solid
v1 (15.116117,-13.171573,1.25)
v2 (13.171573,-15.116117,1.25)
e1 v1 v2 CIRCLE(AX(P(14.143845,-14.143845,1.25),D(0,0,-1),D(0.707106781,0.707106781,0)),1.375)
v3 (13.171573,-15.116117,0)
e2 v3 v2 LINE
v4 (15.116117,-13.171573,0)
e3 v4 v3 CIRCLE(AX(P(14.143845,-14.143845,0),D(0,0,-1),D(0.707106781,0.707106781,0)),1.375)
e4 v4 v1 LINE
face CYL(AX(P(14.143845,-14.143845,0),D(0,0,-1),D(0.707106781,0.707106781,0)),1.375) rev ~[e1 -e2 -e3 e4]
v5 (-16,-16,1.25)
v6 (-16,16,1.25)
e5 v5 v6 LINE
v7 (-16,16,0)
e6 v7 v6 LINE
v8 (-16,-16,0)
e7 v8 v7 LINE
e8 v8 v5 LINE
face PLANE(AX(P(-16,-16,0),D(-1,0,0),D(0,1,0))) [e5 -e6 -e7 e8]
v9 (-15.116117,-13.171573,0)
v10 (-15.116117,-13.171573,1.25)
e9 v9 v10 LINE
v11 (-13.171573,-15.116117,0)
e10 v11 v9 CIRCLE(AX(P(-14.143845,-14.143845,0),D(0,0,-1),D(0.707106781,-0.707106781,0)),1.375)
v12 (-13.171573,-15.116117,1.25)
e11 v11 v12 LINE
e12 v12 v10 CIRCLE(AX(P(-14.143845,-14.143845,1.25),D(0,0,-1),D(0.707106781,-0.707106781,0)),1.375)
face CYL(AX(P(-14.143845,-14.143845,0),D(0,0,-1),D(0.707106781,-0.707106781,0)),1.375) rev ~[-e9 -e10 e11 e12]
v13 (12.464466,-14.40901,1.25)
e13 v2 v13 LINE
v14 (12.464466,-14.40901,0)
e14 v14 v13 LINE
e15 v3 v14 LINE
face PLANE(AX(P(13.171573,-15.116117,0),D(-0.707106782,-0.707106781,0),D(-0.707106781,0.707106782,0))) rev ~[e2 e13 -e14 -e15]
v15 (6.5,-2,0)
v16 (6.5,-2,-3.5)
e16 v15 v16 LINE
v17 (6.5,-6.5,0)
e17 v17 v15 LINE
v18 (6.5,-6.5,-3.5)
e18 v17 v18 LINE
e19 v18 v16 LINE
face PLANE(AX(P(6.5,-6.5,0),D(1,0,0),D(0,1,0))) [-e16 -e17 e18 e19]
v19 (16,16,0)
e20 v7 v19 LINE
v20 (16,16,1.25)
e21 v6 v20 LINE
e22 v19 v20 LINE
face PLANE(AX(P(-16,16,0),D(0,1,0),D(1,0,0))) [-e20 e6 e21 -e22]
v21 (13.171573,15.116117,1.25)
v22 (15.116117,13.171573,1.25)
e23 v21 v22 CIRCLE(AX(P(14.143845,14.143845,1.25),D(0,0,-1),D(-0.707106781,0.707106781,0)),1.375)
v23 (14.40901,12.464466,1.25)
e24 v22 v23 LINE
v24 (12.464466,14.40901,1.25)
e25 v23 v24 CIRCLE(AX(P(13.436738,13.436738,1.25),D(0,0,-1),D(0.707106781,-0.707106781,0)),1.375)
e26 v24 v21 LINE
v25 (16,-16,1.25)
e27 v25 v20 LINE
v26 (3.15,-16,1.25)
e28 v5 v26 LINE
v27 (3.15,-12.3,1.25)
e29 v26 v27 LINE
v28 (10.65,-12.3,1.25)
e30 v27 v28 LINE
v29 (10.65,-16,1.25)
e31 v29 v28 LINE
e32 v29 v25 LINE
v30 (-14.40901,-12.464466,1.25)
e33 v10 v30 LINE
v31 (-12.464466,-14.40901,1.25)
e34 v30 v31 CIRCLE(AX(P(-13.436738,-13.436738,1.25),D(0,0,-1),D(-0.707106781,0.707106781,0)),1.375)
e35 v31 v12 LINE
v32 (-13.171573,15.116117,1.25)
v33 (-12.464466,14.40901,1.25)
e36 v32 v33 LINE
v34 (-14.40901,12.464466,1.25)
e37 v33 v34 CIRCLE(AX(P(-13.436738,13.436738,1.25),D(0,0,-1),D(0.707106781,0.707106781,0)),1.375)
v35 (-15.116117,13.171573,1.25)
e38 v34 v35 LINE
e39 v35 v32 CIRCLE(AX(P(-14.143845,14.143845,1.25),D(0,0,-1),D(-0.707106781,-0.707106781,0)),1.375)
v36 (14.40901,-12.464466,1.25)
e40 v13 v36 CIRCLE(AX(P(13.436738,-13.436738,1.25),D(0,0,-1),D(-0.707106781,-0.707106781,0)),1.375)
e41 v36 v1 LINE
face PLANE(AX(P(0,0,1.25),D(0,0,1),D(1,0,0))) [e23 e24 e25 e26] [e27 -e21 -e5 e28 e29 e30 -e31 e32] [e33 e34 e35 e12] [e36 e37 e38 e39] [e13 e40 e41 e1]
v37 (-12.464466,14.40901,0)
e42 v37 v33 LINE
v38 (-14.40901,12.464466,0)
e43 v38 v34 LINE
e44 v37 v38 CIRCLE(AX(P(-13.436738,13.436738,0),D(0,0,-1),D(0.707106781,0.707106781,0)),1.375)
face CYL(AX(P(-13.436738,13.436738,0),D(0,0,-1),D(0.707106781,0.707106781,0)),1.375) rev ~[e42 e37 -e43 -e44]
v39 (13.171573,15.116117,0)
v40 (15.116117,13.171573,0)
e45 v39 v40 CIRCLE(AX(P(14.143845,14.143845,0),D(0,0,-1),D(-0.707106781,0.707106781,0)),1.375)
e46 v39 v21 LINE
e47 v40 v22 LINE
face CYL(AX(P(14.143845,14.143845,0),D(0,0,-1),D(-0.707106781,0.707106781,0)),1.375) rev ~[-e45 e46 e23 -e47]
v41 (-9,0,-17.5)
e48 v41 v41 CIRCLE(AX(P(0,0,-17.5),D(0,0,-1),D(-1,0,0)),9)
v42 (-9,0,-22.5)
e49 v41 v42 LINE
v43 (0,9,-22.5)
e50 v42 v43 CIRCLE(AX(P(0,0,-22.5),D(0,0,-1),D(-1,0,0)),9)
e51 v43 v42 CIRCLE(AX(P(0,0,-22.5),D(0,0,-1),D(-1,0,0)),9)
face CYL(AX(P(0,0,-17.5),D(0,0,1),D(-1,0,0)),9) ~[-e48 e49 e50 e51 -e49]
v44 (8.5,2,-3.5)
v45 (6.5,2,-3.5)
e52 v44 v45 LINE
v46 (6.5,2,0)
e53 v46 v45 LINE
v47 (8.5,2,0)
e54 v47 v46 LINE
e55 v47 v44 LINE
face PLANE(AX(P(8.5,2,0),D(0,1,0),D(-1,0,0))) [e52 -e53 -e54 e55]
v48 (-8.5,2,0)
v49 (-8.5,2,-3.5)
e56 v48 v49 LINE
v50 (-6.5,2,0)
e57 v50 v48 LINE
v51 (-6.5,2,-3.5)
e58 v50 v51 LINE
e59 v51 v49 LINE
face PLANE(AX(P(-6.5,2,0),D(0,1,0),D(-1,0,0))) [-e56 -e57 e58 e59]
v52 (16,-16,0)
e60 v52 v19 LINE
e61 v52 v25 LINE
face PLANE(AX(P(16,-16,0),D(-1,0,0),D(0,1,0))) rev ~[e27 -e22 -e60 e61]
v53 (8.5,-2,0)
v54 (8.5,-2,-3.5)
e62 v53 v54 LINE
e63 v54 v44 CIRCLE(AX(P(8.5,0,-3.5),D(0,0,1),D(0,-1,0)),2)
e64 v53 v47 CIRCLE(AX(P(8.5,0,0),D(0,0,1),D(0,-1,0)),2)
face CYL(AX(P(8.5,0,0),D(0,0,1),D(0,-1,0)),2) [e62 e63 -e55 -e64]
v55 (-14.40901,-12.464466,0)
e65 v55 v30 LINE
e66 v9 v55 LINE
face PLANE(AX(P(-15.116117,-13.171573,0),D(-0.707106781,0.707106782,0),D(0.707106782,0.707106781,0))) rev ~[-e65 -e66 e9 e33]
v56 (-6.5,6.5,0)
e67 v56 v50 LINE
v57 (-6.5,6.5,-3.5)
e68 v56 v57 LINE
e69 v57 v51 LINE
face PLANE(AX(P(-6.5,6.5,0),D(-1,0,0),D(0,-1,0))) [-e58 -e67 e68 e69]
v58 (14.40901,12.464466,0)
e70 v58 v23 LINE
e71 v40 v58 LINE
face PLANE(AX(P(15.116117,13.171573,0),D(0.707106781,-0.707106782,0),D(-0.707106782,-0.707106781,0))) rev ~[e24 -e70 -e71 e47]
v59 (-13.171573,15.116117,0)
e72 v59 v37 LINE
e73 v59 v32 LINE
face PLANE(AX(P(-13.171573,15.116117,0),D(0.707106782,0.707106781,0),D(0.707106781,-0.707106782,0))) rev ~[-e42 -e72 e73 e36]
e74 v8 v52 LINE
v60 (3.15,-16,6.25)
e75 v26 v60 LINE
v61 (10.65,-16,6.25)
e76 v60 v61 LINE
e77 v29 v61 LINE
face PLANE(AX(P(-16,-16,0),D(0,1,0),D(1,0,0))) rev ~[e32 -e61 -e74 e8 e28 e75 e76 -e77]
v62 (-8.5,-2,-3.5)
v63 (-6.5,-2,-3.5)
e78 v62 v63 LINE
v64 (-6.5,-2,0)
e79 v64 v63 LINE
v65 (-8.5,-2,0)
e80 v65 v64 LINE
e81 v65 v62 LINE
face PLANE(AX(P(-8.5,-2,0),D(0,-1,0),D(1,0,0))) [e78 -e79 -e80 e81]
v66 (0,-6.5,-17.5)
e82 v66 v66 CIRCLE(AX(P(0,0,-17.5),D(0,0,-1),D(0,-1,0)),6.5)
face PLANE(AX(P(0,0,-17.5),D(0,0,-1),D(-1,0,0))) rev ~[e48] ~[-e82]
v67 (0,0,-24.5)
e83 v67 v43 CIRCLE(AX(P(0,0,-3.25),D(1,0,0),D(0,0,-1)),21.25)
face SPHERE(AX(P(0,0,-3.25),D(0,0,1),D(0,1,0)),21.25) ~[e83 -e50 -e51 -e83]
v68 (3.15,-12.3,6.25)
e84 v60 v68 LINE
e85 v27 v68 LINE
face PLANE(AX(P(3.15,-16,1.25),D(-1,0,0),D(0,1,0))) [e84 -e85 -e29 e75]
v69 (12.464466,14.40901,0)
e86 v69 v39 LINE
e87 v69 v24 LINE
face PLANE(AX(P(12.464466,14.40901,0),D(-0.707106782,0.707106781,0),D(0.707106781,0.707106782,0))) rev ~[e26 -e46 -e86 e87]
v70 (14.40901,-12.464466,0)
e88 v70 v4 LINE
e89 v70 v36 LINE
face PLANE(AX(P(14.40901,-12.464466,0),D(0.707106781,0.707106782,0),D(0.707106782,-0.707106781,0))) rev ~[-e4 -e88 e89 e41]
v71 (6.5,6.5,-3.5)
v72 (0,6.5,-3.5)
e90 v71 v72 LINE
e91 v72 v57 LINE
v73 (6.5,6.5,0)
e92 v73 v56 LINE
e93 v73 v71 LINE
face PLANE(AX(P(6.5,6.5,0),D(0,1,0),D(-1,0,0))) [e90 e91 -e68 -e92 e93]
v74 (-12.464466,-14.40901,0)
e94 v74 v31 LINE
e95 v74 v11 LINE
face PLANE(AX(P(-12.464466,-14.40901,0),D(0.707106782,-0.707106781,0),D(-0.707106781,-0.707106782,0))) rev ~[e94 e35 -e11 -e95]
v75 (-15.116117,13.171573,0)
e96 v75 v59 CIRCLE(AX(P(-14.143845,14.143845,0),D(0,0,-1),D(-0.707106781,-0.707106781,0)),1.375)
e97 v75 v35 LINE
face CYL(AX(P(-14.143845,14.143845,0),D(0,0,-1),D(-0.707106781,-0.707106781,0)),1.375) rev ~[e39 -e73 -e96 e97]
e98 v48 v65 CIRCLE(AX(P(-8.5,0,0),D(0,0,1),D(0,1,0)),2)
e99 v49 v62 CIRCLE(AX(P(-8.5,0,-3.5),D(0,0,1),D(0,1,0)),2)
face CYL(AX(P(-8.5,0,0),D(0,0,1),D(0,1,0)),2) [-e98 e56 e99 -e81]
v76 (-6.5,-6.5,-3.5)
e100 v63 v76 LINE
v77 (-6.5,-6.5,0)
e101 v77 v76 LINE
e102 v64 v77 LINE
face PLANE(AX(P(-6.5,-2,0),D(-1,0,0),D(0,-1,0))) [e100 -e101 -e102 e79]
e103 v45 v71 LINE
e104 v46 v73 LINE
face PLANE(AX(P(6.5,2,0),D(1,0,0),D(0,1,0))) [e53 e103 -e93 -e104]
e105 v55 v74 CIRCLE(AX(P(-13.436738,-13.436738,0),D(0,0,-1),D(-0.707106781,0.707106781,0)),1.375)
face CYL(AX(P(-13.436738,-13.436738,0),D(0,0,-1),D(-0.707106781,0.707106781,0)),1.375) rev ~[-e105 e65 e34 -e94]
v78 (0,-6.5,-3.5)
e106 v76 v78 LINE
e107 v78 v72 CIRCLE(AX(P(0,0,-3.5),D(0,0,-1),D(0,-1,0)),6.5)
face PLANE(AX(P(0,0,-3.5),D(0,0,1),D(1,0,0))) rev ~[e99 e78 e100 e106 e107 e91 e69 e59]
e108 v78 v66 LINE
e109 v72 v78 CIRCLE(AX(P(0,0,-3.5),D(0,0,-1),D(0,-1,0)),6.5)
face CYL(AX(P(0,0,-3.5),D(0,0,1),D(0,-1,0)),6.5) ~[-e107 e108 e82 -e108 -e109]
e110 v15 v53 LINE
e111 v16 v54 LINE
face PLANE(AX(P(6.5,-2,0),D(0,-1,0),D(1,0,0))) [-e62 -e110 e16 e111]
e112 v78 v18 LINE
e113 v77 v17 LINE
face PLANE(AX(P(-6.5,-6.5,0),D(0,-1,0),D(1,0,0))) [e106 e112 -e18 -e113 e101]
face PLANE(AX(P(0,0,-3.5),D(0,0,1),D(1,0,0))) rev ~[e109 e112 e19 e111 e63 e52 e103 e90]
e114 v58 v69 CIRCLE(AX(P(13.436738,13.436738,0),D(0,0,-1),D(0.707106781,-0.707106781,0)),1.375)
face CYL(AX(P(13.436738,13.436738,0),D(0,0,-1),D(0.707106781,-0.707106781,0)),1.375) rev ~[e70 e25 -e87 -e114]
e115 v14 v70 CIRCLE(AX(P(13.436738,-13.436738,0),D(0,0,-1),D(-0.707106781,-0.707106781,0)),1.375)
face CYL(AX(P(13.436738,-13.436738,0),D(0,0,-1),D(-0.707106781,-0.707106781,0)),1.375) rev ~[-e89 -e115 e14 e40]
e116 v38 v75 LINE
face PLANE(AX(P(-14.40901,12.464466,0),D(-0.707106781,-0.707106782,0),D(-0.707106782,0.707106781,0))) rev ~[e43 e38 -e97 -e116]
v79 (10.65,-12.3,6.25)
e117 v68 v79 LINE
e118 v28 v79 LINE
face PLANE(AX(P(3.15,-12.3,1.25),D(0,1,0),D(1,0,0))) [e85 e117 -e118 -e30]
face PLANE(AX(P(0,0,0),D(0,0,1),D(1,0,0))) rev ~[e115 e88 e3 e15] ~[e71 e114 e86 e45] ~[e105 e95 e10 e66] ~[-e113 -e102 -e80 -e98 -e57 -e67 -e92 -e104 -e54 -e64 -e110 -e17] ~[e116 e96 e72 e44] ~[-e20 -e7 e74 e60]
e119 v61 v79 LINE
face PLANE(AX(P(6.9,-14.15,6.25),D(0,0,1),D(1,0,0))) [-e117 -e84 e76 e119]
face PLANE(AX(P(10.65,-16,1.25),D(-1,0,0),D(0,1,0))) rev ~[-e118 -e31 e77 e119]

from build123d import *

# Parameters (mm, degrees)
ESQUISSE1_W        = 32
ESQUISSE1_H        = 32
BOSS_EXTRU_1_DEPTH = 1.25
ESQUISSE2_W        = 7.5
ESQUISSE2_H        = 3.7
BOSS_EXTRU_2_DEPTH = 5
BOSS_EXTRU_3_DEPTH = 3.5
ESQUISSE4_R        = 6.5
BOSS_EXTRU_4_DEPTH = 14
ESQUISSE5_R        = 9
BOSS_EXTRU_5_DEPTH = 5


with BuildPart() as part:
    # Esquisse1 → Boss.-Extru.1 (new body)
    with BuildSketch(Plane.XY):
        Rectangle(ESQUISSE1_W, ESQUISSE1_H)
        with BuildLine():
            Line((-13.171572875, 15.116116524), (-12.464466094, 14.409009742))
            ThreePointArc((-12.464466094, 14.409009742), (-12.464466094, 12.464466094), (-14.409009742, 12.464466094))
            Line((-14.409009742, 12.464466094), (-15.116116524, 13.171572875))
            ThreePointArc((-15.116116524, 13.171572875), (-15.116116524, 15.116116524), (-13.171572875, 15.116116524))
        make_face(mode=Mode.SUBTRACT)
        with BuildLine():
            Line((15.116116524, 13.171572875), (14.409009742, 12.464466094))
            ThreePointArc((14.409009742, 12.464466094), (12.464466094, 12.464466094), (12.464466094, 14.409009742))
            Line((12.464466094, 14.409009742), (13.171572875, 15.116116524))
            ThreePointArc((13.171572875, 15.116116524), (15.116116524, 15.116116524), (15.116116524, 13.171572875))
        make_face(mode=Mode.SUBTRACT)
        with BuildLine():
            Line((13.171572875, -15.116116524), (12.464466094, -14.409009742))
            ThreePointArc((12.464466094, -14.409009742), (12.464466094, -12.464466094), (14.409009742, -12.464466094))
            Line((14.409009742, -12.464466094), (15.116116524, -13.171572875))
            ThreePointArc((15.116116524, -13.171572875), (15.116116524, -15.116116524), (13.171572875, -15.116116524))
        make_face(mode=Mode.SUBTRACT)
        with BuildLine():
            Line((-15.116116524, -13.171572875), (-14.409009742, -12.464466094))
            ThreePointArc((-14.409009742, -12.464466094), (-12.464466094, -12.464466094), (-12.464466094, -14.409009742))
            Line((-12.464466094, -14.409009742), (-13.171572875, -15.116116524))
            ThreePointArc((-13.171572875, -15.116116524), (-15.116116524, -15.116116524), (-15.116116524, -13.171572875))
        make_face(mode=Mode.SUBTRACT)
    extrude(amount=BOSS_EXTRU_1_DEPTH)

    # Esquisse2 → Boss.-Extru.2 (add)
    with BuildSketch(Plane.XY.offset(1.25)):
        with Locations((6.9, -14.15)):
            Rectangle(ESQUISSE2_W, ESQUISSE2_H)
    extrude(amount=BOSS_EXTRU_2_DEPTH)

    # Esquisse3 → Boss.-Extru.3 (add)
    with BuildSketch(Plane(origin=(0, 0, 0), x_dir=(-1, 0, 0), z_dir=(0, 0, -1))):
        with BuildLine():
            Line((-6.5, 6.5), (6.5, 6.5))
            Line((6.5, 6.5), (6.5, 2))
            Line((6.5, 2), (8.5, 2))
            ThreePointArc((8.5, 2), (10.5, 0), (8.5, -2))
            Line((8.5, -2), (6.5, -2))
            Line((6.5, -2), (6.5, -6.5))
            Line((6.5, -6.5), (-6.5, -6.5))
            Line((-6.5, -6.5), (-6.5, -2))
            Line((-6.5, -2), (-8.5, -2))
            ThreePointArc((-8.5, -2), (-10.5, 0), (-8.5, 2))
            Line((-8.5, 2), (-6.5, 2))
            Line((-6.5, 2), (-6.5, 6.5))
        make_face()
    extrude(amount=BOSS_EXTRU_3_DEPTH)

    # Esquisse4 → Boss.-Extru.4 (add)
    with BuildSketch(Plane(origin=(0, 0, -3.5), x_dir=(-1, 0, 0), z_dir=(0, 0, -1))):
        with Locations(Location((0, 0, 0), (0, 0, 270))):
            Circle(ESQUISSE4_R)
    extrude(amount=BOSS_EXTRU_4_DEPTH)

    # Esquisse5 → Boss.-Extru.5 (add)
    with BuildSketch(Plane(origin=(0, 0, -17.5), x_dir=(-1, 0, 0), z_dir=(0, 0, -1))):
        Circle(ESQUISSE5_R)
    extrude(amount=BOSS_EXTRU_5_DEPTH)

    # Esquisse6 → Révolution2 (revolve)
    with BuildSketch(Plane(origin=(0, 0, 0), x_dir=(0, 0, -1), z_dir=(1, 0, 0))):
        with BuildLine():
            Line((22.5, 0), (24.5, 0))
            ThreePointArc((24.5, 0), (23.993975029, 4.609772229), (22.5, 9))
            Line((22.5, 9), (22.5, 0))
        make_face()
    revolve(axis=Axis((0, 0, -22.5), (0, 0, -1)))


solid = part.part
